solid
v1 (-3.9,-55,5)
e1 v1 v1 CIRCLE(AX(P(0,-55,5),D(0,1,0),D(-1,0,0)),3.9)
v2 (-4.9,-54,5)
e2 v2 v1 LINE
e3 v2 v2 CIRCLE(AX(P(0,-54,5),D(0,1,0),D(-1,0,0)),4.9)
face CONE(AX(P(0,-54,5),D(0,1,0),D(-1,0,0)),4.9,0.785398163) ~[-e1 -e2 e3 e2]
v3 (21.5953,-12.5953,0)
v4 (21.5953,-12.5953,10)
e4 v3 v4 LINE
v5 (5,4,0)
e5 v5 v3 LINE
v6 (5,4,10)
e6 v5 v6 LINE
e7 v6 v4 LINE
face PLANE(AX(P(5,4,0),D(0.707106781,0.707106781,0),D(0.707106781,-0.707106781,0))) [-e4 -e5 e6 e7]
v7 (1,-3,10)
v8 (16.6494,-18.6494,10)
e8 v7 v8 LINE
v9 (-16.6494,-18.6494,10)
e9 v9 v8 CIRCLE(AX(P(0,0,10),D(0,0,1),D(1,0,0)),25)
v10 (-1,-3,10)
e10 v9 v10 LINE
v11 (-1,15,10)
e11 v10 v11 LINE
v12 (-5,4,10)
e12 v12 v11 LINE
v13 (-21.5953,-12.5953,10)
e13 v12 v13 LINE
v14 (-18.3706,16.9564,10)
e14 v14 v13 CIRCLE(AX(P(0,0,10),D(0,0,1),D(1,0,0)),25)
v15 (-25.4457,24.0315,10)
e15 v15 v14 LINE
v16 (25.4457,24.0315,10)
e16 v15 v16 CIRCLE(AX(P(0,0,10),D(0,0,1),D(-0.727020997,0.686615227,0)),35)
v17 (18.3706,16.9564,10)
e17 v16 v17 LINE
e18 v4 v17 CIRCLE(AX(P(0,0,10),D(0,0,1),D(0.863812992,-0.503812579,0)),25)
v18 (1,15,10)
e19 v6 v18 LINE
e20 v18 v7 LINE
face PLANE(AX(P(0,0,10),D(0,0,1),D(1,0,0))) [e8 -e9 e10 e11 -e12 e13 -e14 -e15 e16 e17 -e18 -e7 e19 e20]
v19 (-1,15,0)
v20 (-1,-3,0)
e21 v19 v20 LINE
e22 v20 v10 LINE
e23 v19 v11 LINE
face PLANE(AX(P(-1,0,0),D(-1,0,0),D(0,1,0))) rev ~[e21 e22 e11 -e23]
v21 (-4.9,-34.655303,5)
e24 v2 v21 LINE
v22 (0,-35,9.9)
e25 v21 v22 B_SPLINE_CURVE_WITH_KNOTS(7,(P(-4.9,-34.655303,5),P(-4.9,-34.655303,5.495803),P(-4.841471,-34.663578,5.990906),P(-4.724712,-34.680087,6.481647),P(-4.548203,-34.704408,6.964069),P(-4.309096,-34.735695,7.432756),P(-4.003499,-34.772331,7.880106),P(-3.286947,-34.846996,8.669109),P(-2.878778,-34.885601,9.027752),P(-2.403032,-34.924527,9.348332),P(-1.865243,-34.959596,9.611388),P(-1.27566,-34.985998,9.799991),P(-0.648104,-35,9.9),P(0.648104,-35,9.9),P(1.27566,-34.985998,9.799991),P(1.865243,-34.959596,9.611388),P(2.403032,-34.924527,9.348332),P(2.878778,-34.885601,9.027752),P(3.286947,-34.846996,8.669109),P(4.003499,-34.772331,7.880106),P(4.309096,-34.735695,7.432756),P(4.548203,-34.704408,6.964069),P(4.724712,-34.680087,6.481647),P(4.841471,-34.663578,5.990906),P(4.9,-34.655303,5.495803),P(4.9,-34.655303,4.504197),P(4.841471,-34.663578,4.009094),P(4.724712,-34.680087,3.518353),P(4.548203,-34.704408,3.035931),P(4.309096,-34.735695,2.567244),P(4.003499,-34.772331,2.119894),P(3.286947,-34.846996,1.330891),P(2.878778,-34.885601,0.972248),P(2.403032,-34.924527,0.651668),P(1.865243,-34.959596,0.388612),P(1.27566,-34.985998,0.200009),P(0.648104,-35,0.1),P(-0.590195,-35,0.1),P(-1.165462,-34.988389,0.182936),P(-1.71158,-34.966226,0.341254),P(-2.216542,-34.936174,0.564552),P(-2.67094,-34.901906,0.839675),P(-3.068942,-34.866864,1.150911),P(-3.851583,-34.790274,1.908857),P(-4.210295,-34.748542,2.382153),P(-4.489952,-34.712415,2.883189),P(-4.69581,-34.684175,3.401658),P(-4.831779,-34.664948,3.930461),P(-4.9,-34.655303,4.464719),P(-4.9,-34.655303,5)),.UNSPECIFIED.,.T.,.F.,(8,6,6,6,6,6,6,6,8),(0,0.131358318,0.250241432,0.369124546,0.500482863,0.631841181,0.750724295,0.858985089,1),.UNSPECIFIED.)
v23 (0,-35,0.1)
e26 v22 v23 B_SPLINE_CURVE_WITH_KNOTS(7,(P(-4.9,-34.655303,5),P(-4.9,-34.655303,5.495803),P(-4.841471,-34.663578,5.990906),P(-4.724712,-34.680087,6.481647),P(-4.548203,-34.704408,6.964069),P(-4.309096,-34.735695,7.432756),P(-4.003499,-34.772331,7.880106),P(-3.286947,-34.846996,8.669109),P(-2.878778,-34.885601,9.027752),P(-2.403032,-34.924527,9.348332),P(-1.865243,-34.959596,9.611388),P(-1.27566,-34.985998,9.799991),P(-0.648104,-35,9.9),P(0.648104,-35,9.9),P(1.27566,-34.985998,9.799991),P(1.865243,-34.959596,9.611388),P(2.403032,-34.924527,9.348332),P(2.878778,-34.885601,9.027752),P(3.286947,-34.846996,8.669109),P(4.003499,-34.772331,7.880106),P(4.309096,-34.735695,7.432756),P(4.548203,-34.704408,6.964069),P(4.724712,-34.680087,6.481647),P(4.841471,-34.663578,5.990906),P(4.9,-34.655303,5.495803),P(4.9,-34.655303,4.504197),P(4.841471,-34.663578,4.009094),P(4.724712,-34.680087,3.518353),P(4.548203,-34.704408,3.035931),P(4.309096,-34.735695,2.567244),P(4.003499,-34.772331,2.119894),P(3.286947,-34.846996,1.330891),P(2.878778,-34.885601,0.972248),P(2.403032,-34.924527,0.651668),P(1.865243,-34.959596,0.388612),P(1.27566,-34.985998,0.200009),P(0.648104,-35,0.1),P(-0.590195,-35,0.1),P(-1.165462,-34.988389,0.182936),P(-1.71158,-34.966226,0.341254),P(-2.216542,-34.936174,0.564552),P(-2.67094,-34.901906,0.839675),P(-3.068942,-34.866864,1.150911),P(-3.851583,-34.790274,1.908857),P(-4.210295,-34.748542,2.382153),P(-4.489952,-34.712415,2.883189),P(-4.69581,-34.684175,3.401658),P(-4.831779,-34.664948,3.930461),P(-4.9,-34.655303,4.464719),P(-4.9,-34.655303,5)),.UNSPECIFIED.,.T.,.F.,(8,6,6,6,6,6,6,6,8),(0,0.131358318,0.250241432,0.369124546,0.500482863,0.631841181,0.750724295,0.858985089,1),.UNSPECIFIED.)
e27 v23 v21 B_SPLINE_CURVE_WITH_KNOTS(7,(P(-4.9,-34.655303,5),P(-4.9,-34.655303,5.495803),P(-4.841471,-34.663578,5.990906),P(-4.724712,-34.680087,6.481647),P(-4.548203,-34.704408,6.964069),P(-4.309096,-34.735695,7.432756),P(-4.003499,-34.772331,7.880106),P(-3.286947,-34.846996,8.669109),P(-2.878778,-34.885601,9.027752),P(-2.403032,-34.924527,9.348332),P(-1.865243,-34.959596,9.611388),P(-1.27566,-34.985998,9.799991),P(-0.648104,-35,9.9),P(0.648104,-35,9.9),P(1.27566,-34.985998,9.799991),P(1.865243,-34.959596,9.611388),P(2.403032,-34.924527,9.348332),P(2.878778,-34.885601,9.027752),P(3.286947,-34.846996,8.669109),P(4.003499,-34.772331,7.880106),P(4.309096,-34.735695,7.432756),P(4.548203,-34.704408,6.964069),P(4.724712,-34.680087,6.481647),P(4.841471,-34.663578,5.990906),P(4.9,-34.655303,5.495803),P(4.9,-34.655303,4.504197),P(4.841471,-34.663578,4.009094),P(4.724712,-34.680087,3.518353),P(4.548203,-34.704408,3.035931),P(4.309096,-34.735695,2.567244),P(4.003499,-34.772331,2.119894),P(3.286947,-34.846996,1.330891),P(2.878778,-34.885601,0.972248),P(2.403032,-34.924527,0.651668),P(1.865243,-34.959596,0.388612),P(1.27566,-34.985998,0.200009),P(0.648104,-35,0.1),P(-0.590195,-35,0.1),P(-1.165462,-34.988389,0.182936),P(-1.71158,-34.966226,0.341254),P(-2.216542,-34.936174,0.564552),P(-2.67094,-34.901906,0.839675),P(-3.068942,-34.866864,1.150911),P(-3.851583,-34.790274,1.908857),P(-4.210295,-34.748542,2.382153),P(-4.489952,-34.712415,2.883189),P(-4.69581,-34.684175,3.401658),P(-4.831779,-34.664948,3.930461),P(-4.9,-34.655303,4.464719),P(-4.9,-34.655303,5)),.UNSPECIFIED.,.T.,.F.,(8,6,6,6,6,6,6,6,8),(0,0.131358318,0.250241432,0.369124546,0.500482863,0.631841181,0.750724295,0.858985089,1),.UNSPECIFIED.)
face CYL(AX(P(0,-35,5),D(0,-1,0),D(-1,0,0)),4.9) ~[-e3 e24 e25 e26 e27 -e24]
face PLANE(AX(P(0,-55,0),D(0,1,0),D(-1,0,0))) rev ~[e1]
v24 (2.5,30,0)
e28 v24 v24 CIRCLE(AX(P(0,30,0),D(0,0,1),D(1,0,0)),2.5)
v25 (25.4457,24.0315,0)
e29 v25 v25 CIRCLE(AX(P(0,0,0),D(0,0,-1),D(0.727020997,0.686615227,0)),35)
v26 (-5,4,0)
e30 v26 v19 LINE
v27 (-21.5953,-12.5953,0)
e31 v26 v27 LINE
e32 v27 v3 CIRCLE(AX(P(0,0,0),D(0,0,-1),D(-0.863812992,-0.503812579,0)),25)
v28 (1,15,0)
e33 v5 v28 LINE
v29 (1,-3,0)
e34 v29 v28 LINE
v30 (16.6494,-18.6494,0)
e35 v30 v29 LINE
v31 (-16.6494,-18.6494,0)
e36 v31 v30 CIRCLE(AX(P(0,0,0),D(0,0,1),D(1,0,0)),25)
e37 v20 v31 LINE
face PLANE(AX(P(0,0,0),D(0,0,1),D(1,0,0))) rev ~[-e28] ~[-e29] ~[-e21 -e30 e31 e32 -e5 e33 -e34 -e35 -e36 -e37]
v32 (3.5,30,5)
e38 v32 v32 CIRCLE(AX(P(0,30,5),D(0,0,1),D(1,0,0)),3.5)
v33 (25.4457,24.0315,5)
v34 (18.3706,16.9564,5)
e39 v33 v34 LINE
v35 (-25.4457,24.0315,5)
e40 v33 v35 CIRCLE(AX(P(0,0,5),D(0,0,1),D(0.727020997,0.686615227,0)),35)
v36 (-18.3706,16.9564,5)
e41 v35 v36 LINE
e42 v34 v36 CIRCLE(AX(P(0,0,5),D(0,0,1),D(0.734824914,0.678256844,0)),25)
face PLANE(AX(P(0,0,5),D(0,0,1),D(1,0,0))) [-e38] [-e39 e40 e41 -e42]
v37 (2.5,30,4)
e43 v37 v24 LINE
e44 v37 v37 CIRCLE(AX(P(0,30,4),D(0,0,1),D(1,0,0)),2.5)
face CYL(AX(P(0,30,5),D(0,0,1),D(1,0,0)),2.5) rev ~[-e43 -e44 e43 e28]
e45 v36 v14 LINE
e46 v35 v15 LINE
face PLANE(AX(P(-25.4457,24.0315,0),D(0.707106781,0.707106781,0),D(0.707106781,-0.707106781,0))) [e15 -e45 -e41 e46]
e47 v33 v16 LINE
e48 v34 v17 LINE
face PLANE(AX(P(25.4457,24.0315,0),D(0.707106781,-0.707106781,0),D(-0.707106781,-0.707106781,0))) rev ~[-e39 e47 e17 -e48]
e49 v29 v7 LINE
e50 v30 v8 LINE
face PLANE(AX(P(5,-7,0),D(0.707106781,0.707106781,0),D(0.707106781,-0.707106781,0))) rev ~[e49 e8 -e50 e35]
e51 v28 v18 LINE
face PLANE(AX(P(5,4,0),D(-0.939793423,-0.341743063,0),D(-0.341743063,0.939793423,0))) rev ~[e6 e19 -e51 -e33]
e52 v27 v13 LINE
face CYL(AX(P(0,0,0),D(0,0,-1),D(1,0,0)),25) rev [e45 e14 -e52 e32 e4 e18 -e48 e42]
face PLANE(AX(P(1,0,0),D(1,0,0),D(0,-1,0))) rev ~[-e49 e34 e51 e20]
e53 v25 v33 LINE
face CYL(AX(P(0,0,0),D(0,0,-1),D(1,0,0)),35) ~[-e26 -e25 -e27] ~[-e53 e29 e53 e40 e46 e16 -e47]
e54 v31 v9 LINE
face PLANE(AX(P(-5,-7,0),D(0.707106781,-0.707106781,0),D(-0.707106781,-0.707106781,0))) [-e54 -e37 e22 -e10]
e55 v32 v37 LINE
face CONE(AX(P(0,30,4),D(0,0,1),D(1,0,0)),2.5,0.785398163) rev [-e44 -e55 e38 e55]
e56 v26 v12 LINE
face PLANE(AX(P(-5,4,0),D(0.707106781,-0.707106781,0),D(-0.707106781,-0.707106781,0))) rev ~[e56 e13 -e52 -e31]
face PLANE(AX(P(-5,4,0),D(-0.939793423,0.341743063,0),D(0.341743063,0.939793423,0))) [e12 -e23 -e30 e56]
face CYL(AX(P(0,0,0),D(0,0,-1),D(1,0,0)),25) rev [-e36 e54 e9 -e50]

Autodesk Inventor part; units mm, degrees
ref_plane "YZ Plane" through (0, 0, 0) normal (1, 0, 0) x (0, 1, 0)
ref_plane "XY Plane" through (0, 0, 0) normal (0, 0, 1) x (1, 0, 0)
sketch "Sketch1" plane through (0, 0, 0) normal (0, 0, 1) x (1, 0, 0)
  circle A0 centre (0, 0) radius 25
  circle A1 centre (0, 0) radius 35
  line L0 (-17.6777, 17.6777) -> (-24.7487, 24.7487)
  line L1 (0, 35) -> (0, 0) construction
  line L2 (-24.0315, 25.4457) -> (-16.9564, 18.3706)
  line L3 (-1.1667, 34.9806) -> (-1.1667, 34.9972)
  line L4 (1.1667, 34.9806) -> (1.1667, 34.9972)
  line L5 (17.6777, 17.6777) -> (24.7487, 24.7487)
  line L6 (24.0315, 25.4457) -> (16.9564, 18.3706)
  line L7 (-25.4457, 24.0315) -> (-18.3706, 16.9564)
  line L8 (25.4457, 24.0315) -> (18.3706, 16.9564)
  line L9 (-1, 15) -> (1, 15)
  line L10 (1, 15) -> (1, 0)
  line L11 (1, 0) -> (-1, 0)
  line L12 (-1, 0) -> (-1, 15)
  line L13 (-1, 0) -> (1, 0)
  line L14 (1, 0) -> (1, -7)
  line L15 (1, -7) -> (-1, -7)
  line L16 (-1, -7) -> (-1, 0)
  line L17 (-1, -7) -> (-5, -7)
  line L18 (-5, -7) -> (-5, 4)
  line L19 (-5, 4) -> (-1, 4)
  line L20 (-1, 4) -> (-1, -7)
  line L21 (-5, 4) -> (-21.5953, -12.5953)
  line L22 (-5, -7) -> (-16.6494, -18.6494)
  line L23 (-5, 4) -> (-1, 15)
  line L24 (-5, -7) -> (-1, -3)
  line L25 (1, 0) -> (1, 15)
  line L26 (1, -7) -> (1, 0)
  line L27 (5, 4) -> (21.5953, -12.5953)
  line L28 (5, -7) -> (16.6494, -18.6494)
  line L29 (5, 4) -> (1, 15)
  line L30 (5, -7) -> (1, -3)
  point P0 (-20.5061, 21.9203)
  point P1 (-21.9203, 20.5061)
  point P2 (20.5061, 21.9203)
  point P3 (21.9203, 20.5061)
  point P4 (-1, -3)
  point P5 (1, 0)
  point P6 (1, -3)
  point P7 (21.5953, -12.5953)
  dimension "d0" = 50
  dimension "d1" = 10
  dimension "d2" = 45
  dimension "d3" = 1
  dimension "d5" = 2
  dimension "d6" = 15
  dimension "d7" = 7
  dimension "d8" = 2
  dimension "d9" = 4
  dimension "d11" = 45
  dimension "d12" = 45
  dimension "d13" = 4
  dimension "d14" = 45
extrude "Extrusion1" add sketch "Sketch1" along normal blind 10 contours A0 L8 A1 L7 | A0 L28 L30 L14 L10 L29 L27 | A0 L21 L18 L22 | L18 L19 L12 L16 L24 | L12 L19 L23
sketch "Sketch2" plane through (0, 0, 0) normal (0, 0, 1) x (1, 0, 0)
  point P0 (0, 0)
extrude "Extrusion2" add sketch "Sketch1" along normal blind 5 contours A0 L5 A1 L8 | A0 L6 A1 L5 | A0 L2 A1 L6 | A0 L0 A1 L2 | A1 L0 A0 L7
sketch "Sketch4" plane through (0, 0, 5) normal (0, 0, 1) x (1, 0, 0)
  arc A0 (18.3706, 16.9564) -> (-18.3706, 16.9564) centre (0, 0) ccw construction
  circle A1 centre (0, 30) radius 2.5
  point P0 (0, 25)
  dimension "d19" = 5
  dimension "d20" = 5
extrude "Extrusion3" cut sketch "Sketch4" against normal through all
chamfer "Chamfer1" distance 1 angle 45 1 edges at (-2.5, 30, 5)
ref_plane "Work Plane1" through (0, -35, 0) normal (0, 1, 0) x (-1, 0, 0)
sketch "Sketch6" plane through (0, -35, 0) normal (0, 1, 0) x (-1, 0, 0)
  line L0 (3.5, 5) -> (-3.5, 5) construction
  circle A0 centre (0, 5) radius 4.9
  point P0 (0, 0)
  dimension "d27" = 9.8
extrude "Extrusion4" add sketch "Sketch6" along normal blind 5 and the other way blind 20
chamfer "Chamfer2" distance 1 angle 45 1 edges at (4.9, -55, 5)
properties part number "Black_Part1"
